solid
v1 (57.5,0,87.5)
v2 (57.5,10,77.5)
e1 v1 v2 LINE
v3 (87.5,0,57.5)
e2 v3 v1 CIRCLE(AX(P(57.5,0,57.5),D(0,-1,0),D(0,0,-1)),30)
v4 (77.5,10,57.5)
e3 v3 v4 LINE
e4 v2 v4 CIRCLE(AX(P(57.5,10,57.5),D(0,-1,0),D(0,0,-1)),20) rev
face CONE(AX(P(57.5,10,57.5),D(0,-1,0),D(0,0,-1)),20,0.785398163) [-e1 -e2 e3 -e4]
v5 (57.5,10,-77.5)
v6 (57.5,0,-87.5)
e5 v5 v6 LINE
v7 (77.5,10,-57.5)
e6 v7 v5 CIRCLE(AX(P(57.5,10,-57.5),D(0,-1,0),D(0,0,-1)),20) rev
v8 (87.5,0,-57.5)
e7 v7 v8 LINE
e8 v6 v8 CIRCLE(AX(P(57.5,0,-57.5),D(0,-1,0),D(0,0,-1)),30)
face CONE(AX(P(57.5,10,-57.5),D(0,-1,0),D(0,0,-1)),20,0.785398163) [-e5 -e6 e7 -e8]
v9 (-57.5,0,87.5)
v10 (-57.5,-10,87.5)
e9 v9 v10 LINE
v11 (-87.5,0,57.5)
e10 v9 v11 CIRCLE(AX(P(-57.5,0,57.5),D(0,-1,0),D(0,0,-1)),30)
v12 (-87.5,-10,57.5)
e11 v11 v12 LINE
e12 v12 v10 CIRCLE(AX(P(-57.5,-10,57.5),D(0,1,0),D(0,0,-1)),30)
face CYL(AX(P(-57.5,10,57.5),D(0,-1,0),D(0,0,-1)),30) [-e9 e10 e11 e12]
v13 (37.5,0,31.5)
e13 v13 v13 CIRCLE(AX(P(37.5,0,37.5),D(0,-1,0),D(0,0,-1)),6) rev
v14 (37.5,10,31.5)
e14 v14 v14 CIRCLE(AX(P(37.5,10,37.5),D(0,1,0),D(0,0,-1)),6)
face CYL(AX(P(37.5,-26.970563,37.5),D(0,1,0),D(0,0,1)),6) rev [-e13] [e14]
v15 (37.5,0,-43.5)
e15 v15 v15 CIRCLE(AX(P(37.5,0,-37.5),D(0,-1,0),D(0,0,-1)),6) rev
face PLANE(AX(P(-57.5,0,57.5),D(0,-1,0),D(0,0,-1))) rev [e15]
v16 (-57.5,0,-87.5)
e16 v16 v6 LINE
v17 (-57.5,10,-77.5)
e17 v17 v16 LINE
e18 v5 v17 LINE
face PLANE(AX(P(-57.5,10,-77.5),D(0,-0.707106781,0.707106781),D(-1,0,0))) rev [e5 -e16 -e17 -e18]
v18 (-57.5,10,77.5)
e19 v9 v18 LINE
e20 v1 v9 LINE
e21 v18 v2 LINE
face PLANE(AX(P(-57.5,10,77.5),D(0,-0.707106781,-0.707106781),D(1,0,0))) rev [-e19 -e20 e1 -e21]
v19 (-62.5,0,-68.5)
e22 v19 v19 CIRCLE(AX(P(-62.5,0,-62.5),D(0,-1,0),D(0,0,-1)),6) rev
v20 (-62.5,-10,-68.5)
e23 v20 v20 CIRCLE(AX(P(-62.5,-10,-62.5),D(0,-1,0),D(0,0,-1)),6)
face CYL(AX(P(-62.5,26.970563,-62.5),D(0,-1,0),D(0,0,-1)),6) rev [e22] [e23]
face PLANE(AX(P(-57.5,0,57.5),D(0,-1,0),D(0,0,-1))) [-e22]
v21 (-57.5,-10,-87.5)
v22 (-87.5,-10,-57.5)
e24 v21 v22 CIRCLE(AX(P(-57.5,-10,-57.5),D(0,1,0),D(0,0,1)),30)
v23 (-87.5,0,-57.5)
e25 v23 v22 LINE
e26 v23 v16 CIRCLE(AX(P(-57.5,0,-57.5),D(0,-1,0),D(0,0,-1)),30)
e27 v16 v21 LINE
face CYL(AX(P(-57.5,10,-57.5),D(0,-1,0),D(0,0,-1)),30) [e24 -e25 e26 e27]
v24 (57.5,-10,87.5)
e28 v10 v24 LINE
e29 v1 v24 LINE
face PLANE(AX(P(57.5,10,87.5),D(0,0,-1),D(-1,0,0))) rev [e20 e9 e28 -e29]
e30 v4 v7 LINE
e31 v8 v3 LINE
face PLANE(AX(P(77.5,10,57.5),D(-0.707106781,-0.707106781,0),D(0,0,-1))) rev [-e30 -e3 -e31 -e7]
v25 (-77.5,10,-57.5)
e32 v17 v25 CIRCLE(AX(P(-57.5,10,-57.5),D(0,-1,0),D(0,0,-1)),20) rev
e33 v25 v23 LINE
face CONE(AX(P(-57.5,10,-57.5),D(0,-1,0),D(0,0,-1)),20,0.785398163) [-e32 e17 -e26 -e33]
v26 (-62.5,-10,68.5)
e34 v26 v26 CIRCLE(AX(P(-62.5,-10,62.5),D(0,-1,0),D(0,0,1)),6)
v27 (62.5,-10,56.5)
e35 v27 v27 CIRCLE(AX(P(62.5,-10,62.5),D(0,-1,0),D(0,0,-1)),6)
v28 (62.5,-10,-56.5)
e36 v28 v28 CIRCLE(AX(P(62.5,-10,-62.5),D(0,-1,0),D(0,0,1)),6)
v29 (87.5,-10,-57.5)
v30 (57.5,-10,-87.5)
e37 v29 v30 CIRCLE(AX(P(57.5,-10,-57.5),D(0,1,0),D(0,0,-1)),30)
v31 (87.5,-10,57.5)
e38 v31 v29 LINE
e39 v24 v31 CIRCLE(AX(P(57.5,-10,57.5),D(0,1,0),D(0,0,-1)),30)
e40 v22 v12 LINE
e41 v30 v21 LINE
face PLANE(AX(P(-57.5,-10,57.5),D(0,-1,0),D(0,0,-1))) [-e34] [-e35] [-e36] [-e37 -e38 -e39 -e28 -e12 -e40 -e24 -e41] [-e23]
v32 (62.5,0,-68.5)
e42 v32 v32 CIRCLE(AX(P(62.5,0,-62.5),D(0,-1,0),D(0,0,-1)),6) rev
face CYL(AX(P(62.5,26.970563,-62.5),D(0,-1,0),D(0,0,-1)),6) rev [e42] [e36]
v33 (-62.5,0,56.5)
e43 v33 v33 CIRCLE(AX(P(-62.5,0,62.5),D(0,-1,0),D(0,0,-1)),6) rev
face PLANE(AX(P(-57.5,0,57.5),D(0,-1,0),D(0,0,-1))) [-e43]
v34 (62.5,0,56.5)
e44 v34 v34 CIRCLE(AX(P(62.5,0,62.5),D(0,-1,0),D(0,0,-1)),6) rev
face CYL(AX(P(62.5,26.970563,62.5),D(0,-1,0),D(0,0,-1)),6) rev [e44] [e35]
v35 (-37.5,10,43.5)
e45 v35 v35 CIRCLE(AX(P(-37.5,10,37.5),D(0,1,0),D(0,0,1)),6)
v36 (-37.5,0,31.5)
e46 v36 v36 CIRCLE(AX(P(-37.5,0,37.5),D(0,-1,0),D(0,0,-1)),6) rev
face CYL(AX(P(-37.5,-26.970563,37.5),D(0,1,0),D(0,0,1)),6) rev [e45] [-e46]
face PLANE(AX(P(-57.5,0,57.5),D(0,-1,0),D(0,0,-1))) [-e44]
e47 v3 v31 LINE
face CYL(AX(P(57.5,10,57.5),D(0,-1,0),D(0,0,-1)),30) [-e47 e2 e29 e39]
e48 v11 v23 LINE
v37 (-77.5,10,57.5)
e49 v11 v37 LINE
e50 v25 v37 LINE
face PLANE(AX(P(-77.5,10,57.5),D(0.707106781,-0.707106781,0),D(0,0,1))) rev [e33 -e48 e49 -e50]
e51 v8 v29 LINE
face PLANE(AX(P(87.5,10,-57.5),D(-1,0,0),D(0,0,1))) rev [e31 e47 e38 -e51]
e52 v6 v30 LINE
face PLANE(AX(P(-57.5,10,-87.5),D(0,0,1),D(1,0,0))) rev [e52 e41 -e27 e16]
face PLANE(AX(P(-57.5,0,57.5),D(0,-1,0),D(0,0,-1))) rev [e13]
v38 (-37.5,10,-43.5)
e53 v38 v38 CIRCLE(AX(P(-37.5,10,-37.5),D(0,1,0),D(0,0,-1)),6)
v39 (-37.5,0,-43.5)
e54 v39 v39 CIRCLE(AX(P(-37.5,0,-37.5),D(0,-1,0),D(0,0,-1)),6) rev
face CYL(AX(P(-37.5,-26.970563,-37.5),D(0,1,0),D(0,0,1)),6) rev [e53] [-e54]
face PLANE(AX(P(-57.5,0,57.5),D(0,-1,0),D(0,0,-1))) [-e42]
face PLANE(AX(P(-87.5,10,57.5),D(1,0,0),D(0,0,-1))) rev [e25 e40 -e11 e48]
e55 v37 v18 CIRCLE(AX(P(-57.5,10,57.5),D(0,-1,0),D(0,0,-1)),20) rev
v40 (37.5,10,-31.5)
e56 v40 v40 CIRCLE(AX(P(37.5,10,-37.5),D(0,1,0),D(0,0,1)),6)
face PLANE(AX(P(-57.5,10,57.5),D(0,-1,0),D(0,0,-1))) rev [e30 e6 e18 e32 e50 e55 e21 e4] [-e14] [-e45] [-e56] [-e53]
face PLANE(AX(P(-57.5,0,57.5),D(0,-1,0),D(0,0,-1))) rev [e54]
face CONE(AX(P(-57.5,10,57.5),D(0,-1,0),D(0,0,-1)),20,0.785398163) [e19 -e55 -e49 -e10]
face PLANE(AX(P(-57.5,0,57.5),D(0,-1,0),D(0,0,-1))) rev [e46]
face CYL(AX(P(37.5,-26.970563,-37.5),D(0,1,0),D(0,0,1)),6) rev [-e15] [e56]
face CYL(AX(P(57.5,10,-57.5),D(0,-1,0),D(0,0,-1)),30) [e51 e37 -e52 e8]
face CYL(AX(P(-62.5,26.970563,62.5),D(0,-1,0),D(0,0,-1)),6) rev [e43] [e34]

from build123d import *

# Parameters (mm, degrees)
BOSS_EXTRUDE1_DEPTH = 10
CHAMFER1_SIZE       = 10
SKETCH2_R           = 6
CUT_EXTRUDE1_DEPTH  = 10
SKETCH3_R           = 6
CUT_EXTRUDE2_DEPTH  = 10


with BuildPart() as part:
    # Sketch1 → Boss-Extrude1 (new, symmetric)
    with BuildSketch(Plane(origin=(0, 0, 0), x_dir=(1, 0, 0), z_dir=(0, 1, 0))):
        with BuildLine():
            Line((-57.5, 87.5), (57.5, 87.5))
            ThreePointArc((57.5, 87.5), (78.713203436, 78.713203436), (87.5, 57.5))
            Line((87.5, 57.5), (87.5, -57.5))
            ThreePointArc((87.5, -57.5), (78.713203436, -78.713203436), (57.5, -87.5))
            Line((57.5, -87.5), (-57.5, -87.5))
            ThreePointArc((-57.5, -87.5), (-78.713203436, -78.713203436), (-87.5, -57.5))
            Line((-87.5, -57.5), (-87.5, 57.5))
            ThreePointArc((-87.5, 57.5), (-78.713203436, 78.713203436), (-57.5, 87.5))
        make_face()
    extrude(amount=BOSS_EXTRUDE1_DEPTH, both=True)

    # Chamfer1
    chamfer1_edges = [part.edges().sort_by_distance(p)[0] for p in [
        (78.713203436, 10, 78.713203436),
        (87.5, 10, 0),
        (78.713203436, 10, -78.713203436),
        (0, 10, -87.5),
        (-78.713203436, 10, -78.713203436),
        (-87.5, 10, 0),
        (-78.713203436, 10, 78.713203436),
        (0, 10, 87.5),
    ]]
    chamfer(chamfer1_edges, length=CHAMFER1_SIZE)

    # Sketch2 → Cut-Extrude1 (cut)
    with BuildSketch(Plane(origin=(0, 10, 0), x_dir=(1, 0, 0), z_dir=(0, 1, 0))):
        with Locations(Location((37.5, 37.5, 0), (0, 0, 270))):
            Circle(SKETCH2_R)
        with Locations(Location((-37.5, 37.5, 0), (0, 0, 90))):
            Circle(SKETCH2_R)
        with Locations(Location((37.5, -37.5, 0), (0, 0, 90))):
            Circle(SKETCH2_R)
        with Locations(Location((-37.5, -37.5, 0), (0, 0, 270))):
            Circle(SKETCH2_R)
    extrude(amount=-CUT_EXTRUDE1_DEPTH, mode=Mode.SUBTRACT)

    # Sketch3 → Cut-Extrude2 (cut)
    with BuildSketch(Plane.XZ.offset(10)):
        with Locations(Location((62.5, 62.5, 0), (0, 0, 270))):
            Circle(SKETCH3_R)
        with Locations(Location((-62.5, 62.5, 0), (0, 0, 270))):
            Circle(SKETCH3_R)
        with Locations(Location((62.5, -62.5, 0), (0, 0, 270))):
            Circle(SKETCH3_R)
        with Locations(Location((-62.5, -62.5, 0), (0, 0, 270))):
            Circle(SKETCH3_R)
    extrude(amount=-CUT_EXTRUDE2_DEPTH, mode=Mode.SUBTRACT)


solid = part.part
